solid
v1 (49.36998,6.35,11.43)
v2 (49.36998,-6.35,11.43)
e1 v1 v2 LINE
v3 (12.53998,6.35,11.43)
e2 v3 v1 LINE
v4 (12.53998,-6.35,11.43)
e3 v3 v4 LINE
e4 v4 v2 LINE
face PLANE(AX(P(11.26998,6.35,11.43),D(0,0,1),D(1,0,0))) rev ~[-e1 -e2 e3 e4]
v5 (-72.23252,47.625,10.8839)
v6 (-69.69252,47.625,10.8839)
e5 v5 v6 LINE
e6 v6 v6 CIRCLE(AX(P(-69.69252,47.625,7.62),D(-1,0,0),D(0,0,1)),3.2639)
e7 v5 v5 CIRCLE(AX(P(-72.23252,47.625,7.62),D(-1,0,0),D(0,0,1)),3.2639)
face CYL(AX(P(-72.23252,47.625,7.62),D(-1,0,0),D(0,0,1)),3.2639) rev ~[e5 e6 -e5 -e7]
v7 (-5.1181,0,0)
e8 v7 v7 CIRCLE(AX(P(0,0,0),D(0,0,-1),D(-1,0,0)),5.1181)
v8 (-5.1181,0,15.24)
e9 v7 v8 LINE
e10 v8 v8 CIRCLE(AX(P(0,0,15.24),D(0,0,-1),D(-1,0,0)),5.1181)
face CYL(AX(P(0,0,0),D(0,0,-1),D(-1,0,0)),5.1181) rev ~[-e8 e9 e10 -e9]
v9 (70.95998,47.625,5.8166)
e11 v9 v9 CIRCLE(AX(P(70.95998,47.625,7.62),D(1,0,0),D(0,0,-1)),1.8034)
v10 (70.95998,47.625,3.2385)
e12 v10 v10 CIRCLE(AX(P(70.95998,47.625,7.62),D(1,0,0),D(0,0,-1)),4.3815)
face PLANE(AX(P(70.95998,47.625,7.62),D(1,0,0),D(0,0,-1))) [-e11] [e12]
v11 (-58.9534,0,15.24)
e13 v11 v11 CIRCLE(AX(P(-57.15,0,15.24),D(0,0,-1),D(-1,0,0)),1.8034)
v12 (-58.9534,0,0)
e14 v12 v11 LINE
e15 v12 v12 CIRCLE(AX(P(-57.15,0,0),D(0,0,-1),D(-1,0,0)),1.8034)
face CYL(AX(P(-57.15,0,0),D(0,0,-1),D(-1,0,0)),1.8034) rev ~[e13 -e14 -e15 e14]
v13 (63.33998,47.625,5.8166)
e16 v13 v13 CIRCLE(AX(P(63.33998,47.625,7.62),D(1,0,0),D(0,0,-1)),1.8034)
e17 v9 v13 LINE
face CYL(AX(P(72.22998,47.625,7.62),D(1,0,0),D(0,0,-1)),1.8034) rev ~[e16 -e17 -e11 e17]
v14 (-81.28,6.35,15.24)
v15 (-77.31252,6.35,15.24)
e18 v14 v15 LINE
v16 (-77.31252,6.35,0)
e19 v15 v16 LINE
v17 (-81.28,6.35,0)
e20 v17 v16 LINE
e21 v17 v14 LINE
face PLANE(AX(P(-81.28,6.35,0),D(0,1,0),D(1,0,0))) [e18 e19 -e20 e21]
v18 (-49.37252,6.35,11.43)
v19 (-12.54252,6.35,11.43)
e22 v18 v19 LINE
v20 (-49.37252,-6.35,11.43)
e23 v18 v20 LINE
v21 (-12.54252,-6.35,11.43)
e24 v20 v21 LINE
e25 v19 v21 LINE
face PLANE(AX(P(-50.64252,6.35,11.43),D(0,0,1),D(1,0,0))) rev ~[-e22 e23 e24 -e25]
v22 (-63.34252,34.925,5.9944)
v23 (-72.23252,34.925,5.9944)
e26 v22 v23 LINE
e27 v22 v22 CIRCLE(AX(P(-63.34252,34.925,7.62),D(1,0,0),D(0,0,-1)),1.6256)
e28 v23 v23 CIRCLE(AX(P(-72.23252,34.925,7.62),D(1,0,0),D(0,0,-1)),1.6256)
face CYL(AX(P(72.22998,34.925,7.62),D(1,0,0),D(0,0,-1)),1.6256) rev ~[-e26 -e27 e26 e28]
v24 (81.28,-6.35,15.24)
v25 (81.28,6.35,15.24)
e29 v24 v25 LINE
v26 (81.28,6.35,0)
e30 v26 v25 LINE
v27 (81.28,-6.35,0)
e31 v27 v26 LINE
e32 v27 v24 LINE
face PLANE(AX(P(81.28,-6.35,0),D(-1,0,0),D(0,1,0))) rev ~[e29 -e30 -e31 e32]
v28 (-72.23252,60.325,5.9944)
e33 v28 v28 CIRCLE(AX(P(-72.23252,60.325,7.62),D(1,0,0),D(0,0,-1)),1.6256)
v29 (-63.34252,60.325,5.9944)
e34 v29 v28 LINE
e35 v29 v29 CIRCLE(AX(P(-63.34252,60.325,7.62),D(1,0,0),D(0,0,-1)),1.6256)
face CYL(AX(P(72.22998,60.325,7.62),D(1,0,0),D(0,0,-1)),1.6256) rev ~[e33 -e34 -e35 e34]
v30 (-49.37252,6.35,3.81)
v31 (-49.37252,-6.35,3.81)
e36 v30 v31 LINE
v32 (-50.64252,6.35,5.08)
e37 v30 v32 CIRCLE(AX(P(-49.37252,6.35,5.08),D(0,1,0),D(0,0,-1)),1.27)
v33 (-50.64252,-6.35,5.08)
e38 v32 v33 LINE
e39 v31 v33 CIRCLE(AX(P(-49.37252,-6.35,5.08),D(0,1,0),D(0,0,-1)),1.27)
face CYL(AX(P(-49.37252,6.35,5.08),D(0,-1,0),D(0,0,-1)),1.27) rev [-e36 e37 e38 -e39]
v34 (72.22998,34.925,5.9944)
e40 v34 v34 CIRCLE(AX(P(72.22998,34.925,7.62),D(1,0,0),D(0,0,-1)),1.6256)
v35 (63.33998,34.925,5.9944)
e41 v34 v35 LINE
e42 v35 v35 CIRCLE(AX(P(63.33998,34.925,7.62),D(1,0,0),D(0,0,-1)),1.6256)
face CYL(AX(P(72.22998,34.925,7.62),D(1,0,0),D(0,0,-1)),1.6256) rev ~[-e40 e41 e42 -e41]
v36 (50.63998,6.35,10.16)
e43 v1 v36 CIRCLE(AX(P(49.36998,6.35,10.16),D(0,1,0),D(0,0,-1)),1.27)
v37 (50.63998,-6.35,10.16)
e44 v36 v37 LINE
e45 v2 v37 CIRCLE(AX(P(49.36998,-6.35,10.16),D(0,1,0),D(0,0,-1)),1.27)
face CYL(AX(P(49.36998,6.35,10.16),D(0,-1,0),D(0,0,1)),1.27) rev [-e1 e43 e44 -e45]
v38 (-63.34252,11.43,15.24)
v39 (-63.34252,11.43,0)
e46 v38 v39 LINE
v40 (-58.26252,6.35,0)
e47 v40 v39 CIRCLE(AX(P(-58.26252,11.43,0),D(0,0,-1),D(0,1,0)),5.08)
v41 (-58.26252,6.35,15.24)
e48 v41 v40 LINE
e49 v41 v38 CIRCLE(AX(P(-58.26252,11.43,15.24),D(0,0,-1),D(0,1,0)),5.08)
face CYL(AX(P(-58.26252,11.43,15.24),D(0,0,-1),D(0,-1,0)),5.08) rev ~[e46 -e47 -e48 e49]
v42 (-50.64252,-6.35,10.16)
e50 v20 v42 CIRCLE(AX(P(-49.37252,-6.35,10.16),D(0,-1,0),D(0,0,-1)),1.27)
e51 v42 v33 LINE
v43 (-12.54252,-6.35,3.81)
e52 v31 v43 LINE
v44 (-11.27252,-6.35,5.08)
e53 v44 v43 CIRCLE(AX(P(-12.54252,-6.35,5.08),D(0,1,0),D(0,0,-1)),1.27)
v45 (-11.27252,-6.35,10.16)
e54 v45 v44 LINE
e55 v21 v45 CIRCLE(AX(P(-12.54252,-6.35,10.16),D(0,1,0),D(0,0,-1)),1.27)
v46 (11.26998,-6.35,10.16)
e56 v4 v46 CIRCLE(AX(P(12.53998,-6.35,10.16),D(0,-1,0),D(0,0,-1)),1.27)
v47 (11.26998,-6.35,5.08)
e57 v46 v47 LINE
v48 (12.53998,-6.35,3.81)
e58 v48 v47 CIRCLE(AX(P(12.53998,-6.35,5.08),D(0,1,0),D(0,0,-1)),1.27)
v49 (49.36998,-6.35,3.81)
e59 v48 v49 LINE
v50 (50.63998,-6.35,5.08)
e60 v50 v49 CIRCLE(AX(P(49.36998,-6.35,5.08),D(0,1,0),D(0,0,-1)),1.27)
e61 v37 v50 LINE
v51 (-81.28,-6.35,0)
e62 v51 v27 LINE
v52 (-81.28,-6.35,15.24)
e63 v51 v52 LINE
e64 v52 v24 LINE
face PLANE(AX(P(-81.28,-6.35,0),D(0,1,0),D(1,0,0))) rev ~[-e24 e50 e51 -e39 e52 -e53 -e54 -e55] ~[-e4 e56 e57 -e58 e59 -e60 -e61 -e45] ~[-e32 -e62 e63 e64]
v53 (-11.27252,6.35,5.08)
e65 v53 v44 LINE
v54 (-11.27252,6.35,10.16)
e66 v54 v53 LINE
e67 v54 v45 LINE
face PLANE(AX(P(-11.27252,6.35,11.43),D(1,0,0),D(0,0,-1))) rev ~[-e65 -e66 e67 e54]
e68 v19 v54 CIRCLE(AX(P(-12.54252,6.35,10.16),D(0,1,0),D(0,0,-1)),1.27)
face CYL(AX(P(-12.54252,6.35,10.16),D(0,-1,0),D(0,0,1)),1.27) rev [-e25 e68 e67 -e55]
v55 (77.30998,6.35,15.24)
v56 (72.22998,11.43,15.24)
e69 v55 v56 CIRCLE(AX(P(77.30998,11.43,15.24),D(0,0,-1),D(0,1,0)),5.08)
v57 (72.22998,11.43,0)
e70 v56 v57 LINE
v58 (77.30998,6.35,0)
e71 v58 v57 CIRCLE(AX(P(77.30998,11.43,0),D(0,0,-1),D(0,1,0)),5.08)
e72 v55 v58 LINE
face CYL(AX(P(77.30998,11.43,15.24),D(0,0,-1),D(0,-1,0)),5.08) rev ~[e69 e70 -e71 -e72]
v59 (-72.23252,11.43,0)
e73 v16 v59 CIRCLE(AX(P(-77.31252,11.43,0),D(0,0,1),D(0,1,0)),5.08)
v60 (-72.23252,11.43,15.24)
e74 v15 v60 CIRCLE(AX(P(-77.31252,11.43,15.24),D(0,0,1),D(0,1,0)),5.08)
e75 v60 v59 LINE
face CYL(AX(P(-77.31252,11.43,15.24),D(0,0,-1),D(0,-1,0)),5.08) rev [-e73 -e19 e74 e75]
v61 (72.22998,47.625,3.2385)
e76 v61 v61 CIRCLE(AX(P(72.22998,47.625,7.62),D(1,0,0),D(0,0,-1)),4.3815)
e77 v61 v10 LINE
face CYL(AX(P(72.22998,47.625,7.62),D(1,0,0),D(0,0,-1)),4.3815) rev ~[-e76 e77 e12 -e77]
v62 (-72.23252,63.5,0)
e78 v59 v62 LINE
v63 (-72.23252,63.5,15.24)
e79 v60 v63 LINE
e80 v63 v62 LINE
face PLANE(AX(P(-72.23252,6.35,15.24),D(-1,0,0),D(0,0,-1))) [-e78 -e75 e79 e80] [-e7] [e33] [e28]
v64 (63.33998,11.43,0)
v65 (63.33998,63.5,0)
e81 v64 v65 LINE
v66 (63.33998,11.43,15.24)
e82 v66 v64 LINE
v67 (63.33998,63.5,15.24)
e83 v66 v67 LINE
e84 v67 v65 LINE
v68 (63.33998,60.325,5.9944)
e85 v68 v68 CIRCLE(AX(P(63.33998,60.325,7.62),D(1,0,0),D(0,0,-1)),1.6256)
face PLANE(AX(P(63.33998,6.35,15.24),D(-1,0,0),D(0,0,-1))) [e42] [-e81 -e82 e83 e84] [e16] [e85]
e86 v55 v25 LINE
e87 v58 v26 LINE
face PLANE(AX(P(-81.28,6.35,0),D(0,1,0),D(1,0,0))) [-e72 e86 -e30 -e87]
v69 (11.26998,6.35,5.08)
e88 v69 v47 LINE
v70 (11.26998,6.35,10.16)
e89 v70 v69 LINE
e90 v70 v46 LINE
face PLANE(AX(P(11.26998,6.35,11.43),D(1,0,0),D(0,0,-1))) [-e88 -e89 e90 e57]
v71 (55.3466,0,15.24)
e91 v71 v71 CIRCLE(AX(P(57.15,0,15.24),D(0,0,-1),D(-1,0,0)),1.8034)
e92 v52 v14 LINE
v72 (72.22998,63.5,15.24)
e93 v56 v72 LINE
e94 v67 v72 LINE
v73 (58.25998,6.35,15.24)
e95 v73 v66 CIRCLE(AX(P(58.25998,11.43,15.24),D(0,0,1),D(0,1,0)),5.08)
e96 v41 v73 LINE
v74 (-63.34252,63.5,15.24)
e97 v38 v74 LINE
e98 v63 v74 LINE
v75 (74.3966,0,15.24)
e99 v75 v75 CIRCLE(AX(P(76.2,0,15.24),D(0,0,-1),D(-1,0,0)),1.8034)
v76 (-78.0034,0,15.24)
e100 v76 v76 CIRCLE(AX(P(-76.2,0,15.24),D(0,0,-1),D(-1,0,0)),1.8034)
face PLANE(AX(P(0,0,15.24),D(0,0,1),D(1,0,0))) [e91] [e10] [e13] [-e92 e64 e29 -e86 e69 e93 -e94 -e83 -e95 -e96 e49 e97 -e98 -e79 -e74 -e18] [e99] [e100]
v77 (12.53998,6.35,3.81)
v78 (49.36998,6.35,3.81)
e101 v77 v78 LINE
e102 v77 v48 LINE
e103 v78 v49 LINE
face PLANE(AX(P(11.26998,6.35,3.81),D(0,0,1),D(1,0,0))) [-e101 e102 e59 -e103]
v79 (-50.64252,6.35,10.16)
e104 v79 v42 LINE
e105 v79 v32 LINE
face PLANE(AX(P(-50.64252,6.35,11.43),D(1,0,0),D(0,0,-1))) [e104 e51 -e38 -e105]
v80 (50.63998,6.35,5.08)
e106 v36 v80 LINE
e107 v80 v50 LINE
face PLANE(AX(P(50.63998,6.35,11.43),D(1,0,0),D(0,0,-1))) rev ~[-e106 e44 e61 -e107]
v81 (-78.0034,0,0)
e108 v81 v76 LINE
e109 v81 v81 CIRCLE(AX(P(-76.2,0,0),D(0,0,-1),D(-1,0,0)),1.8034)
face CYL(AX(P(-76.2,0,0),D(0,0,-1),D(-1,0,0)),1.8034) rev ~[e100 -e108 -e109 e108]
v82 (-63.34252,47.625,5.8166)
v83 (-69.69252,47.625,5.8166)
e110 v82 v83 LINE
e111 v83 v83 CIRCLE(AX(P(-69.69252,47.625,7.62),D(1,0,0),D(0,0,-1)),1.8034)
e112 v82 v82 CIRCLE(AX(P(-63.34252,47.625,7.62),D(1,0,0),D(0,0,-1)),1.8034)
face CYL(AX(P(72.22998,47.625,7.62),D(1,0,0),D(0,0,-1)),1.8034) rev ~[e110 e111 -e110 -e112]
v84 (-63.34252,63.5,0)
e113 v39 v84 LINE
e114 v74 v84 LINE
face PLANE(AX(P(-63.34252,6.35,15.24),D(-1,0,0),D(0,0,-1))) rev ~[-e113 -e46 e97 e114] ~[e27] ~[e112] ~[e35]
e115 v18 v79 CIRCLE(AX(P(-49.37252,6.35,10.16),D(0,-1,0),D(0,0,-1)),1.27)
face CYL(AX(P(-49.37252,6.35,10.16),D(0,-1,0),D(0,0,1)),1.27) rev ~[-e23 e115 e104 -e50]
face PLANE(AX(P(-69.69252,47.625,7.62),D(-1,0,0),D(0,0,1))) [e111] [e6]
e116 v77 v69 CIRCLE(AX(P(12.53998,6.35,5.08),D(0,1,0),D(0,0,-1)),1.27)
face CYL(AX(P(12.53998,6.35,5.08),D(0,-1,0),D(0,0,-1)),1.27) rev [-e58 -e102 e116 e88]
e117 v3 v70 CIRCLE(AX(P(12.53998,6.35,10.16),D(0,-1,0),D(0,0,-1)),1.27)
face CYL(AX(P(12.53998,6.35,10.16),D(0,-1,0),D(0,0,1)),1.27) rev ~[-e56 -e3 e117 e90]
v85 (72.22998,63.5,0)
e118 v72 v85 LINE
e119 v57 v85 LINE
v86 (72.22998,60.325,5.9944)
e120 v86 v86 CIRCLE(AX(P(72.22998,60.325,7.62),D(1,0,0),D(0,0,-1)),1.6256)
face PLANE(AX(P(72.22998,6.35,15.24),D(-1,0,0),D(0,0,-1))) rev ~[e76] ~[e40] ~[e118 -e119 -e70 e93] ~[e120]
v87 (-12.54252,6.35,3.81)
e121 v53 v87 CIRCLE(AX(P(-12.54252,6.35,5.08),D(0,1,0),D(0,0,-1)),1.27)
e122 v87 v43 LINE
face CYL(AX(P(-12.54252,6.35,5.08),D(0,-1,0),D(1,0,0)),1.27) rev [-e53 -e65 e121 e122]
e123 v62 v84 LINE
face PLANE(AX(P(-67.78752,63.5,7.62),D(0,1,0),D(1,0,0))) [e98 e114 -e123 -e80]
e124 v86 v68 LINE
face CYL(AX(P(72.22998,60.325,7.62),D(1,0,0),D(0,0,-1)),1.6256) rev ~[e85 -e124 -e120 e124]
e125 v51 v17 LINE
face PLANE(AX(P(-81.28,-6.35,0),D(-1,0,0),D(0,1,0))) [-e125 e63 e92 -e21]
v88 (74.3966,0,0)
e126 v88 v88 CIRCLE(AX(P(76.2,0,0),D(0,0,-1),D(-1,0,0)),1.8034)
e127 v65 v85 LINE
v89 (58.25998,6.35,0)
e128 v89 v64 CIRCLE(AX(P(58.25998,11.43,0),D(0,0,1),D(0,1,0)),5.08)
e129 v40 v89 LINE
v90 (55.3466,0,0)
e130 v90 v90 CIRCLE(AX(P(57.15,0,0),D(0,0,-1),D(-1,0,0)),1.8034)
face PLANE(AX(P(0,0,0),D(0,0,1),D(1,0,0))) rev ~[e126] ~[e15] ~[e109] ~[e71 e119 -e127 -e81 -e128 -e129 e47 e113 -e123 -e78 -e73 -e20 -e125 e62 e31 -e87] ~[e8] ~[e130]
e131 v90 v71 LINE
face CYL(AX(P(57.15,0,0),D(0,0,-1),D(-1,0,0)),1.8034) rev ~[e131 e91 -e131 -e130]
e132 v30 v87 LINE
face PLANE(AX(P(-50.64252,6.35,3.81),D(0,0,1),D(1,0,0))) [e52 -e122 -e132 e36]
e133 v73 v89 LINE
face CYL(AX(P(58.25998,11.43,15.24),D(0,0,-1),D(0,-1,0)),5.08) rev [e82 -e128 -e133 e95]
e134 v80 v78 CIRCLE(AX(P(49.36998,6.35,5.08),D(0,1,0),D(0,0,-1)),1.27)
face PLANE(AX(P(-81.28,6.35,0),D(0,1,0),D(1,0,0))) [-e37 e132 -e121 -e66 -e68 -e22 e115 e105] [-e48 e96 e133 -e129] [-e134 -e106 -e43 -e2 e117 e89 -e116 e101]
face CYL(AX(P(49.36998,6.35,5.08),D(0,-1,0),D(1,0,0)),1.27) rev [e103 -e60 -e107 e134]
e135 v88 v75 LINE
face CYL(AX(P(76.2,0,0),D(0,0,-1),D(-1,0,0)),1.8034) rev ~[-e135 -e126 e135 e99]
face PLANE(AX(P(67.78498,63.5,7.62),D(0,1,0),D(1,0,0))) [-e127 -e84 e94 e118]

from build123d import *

# Parameters (mm, degrees)
SKETCH1_W           = 162.56
SKETCH1_H           = 12.7
BOSS_EXTRUDE1_DEPTH = 15.24
SKETCH2_R           = 1.8034
CUT_EXTRUDE1_DEPTH  = 15.24
SKETCH3_R           = 5.1181
CUT_EXTRUDE2_DEPTH  = 15.24
SKETCH4_W           = 8.89
SKETCH4_H           = 15.24
BOSS_EXTRUDE2_DEPTH = 57.15
FILLET1_R           = 5.08
SKETCH5_R           = 1.6256
SKETCH5_R_2         = 1.8034
CUT_EXTRUDE3_DEPTH  = 152.4
SKETCH6_R           = 4.3815
CUT_EXTRUDE4_DEPTH  = 1.27
SKETCH7_R           = 3.2639
CUT_EXTRUDE5_DEPTH  = 2.54
SKETCH8_W           = 39.37
SKETCH8_H           = 7.62
CUT_EXTRUDE6_DEPTH  = 25.4
FILLET2_R           = 1.27
FILLET3_R           = 1.27


with BuildPart() as part:
    # Sketch1 → Boss-Extrude1 (new body)
    with BuildSketch(Plane.XY):
        Rectangle(SKETCH1_W, SKETCH1_H)
    extrude(amount=BOSS_EXTRUDE1_DEPTH)

    # Sketch2 → Cut-Extrude1 (cut)
    with BuildSketch(Plane(origin=(0, 0, 0), x_dir=(-1, 0, 0), z_dir=(0, 0, -1))):
        with Locations((-76.2, 0)):
            Circle(SKETCH2_R)
        with Locations((-57.15, 0)):
            Circle(SKETCH2_R)
        with Locations((57.15, 0)):
            Circle(SKETCH2_R)
        with Locations((76.2, 0)):
            Circle(SKETCH2_R)
    extrude(amount=-CUT_EXTRUDE1_DEPTH, mode=Mode.SUBTRACT)

    # Sketch3 → Cut-Extrude2 (cut)
    with BuildSketch(Plane(origin=(0, 0, 0), x_dir=(-1, 0, 0), z_dir=(0, 0, -1))):
        Circle(SKETCH3_R)
    extrude(amount=-CUT_EXTRUDE2_DEPTH, mode=Mode.SUBTRACT)

    # Sketch4 → Boss-Extrude2 (add)
    with BuildSketch(Plane(origin=(0, 6.35, 0), x_dir=(1, 0, 0), z_dir=(0, 1, 0))):
        with Locations((67.78498, -7.62)):
            Rectangle(SKETCH4_W, SKETCH4_H)
        with Locations((-67.78752, -7.62)):
            Rectangle(SKETCH4_W, SKETCH4_H)
    extrude(amount=BOSS_EXTRUDE2_DEPTH)

    # Fillet1
    fillet1_edges = [part.edges().sort_by_distance(p)[0] for p in [
        (72.22998, 6.35, 7.62),
        (63.33998, 6.35, 7.62),
        (-63.34252, 6.35, 7.62),
        (-72.23252, 6.35, 7.62),
    ]]
    fillet(fillet1_edges, radius=FILLET1_R)

    # Sketch5 → Cut-Extrude3 (cut)
    with BuildSketch(Plane(origin=(72.22998, 0, 0), x_dir=(0, 0, -1), z_dir=(1, 0, 0))):
        with Locations((-7.62, 60.325)):
            Circle(SKETCH5_R)
        with Locations((-7.62, 34.925)):
            Circle(SKETCH5_R)
        with Locations((-7.62, 47.625)):
            Circle(SKETCH5_R_2)
    extrude(amount=-CUT_EXTRUDE3_DEPTH, mode=Mode.SUBTRACT)

    # Sketch6 → Cut-Extrude4 (cut)
    with BuildSketch(Plane(origin=(72.22998, 0, 0), x_dir=(0, 0, -1), z_dir=(1, 0, 0))):
        with Locations((-7.62, 47.625)):
            Circle(SKETCH6_R)
    extrude(amount=-CUT_EXTRUDE4_DEPTH, mode=Mode.SUBTRACT)

    # Sketch7 → Cut-Extrude5 (cut)
    with BuildSketch(Plane.ZY.offset(72.23252)):
        with Locations((7.62, 47.625)):
            Circle(SKETCH7_R)
    extrude(amount=-CUT_EXTRUDE5_DEPTH, mode=Mode.SUBTRACT)

    # Sketch8 → Cut-Extrude6 (cut)
    with BuildSketch(Plane(origin=(0, 6.35, 0), x_dir=(1, 0, 0), z_dir=(0, 1, 0))):
        with Locations((30.95498, -7.62)):
            Rectangle(SKETCH8_W, SKETCH8_H)
        with Locations((-30.95752, -7.62)):
            Rectangle(SKETCH8_W, SKETCH8_H)
    extrude(amount=-CUT_EXTRUDE6_DEPTH, mode=Mode.SUBTRACT)

    # Fillet2
    fillet2_edges = [part.edges().sort_by_distance(p)[0] for p in [
        (11.26998, 0, 11.43),
        (11.26998, 0, 3.81),
        (50.63998, 0, 3.81),
        (50.63998, 0, 11.43),
    ]]
    fillet(fillet2_edges, radius=FILLET2_R)

    # Fillet3
    fillet3_edges = [part.edges().sort_by_distance(p)[0] for p in [
        (-50.64252, 0, 11.43),
        (-50.64252, 0, 3.81),
        (-11.27252, 0, 3.81),
        (-11.27252, 0, 11.43),
    ]]
    fillet(fillet3_edges, radius=FILLET3_R)


solid = part.part
